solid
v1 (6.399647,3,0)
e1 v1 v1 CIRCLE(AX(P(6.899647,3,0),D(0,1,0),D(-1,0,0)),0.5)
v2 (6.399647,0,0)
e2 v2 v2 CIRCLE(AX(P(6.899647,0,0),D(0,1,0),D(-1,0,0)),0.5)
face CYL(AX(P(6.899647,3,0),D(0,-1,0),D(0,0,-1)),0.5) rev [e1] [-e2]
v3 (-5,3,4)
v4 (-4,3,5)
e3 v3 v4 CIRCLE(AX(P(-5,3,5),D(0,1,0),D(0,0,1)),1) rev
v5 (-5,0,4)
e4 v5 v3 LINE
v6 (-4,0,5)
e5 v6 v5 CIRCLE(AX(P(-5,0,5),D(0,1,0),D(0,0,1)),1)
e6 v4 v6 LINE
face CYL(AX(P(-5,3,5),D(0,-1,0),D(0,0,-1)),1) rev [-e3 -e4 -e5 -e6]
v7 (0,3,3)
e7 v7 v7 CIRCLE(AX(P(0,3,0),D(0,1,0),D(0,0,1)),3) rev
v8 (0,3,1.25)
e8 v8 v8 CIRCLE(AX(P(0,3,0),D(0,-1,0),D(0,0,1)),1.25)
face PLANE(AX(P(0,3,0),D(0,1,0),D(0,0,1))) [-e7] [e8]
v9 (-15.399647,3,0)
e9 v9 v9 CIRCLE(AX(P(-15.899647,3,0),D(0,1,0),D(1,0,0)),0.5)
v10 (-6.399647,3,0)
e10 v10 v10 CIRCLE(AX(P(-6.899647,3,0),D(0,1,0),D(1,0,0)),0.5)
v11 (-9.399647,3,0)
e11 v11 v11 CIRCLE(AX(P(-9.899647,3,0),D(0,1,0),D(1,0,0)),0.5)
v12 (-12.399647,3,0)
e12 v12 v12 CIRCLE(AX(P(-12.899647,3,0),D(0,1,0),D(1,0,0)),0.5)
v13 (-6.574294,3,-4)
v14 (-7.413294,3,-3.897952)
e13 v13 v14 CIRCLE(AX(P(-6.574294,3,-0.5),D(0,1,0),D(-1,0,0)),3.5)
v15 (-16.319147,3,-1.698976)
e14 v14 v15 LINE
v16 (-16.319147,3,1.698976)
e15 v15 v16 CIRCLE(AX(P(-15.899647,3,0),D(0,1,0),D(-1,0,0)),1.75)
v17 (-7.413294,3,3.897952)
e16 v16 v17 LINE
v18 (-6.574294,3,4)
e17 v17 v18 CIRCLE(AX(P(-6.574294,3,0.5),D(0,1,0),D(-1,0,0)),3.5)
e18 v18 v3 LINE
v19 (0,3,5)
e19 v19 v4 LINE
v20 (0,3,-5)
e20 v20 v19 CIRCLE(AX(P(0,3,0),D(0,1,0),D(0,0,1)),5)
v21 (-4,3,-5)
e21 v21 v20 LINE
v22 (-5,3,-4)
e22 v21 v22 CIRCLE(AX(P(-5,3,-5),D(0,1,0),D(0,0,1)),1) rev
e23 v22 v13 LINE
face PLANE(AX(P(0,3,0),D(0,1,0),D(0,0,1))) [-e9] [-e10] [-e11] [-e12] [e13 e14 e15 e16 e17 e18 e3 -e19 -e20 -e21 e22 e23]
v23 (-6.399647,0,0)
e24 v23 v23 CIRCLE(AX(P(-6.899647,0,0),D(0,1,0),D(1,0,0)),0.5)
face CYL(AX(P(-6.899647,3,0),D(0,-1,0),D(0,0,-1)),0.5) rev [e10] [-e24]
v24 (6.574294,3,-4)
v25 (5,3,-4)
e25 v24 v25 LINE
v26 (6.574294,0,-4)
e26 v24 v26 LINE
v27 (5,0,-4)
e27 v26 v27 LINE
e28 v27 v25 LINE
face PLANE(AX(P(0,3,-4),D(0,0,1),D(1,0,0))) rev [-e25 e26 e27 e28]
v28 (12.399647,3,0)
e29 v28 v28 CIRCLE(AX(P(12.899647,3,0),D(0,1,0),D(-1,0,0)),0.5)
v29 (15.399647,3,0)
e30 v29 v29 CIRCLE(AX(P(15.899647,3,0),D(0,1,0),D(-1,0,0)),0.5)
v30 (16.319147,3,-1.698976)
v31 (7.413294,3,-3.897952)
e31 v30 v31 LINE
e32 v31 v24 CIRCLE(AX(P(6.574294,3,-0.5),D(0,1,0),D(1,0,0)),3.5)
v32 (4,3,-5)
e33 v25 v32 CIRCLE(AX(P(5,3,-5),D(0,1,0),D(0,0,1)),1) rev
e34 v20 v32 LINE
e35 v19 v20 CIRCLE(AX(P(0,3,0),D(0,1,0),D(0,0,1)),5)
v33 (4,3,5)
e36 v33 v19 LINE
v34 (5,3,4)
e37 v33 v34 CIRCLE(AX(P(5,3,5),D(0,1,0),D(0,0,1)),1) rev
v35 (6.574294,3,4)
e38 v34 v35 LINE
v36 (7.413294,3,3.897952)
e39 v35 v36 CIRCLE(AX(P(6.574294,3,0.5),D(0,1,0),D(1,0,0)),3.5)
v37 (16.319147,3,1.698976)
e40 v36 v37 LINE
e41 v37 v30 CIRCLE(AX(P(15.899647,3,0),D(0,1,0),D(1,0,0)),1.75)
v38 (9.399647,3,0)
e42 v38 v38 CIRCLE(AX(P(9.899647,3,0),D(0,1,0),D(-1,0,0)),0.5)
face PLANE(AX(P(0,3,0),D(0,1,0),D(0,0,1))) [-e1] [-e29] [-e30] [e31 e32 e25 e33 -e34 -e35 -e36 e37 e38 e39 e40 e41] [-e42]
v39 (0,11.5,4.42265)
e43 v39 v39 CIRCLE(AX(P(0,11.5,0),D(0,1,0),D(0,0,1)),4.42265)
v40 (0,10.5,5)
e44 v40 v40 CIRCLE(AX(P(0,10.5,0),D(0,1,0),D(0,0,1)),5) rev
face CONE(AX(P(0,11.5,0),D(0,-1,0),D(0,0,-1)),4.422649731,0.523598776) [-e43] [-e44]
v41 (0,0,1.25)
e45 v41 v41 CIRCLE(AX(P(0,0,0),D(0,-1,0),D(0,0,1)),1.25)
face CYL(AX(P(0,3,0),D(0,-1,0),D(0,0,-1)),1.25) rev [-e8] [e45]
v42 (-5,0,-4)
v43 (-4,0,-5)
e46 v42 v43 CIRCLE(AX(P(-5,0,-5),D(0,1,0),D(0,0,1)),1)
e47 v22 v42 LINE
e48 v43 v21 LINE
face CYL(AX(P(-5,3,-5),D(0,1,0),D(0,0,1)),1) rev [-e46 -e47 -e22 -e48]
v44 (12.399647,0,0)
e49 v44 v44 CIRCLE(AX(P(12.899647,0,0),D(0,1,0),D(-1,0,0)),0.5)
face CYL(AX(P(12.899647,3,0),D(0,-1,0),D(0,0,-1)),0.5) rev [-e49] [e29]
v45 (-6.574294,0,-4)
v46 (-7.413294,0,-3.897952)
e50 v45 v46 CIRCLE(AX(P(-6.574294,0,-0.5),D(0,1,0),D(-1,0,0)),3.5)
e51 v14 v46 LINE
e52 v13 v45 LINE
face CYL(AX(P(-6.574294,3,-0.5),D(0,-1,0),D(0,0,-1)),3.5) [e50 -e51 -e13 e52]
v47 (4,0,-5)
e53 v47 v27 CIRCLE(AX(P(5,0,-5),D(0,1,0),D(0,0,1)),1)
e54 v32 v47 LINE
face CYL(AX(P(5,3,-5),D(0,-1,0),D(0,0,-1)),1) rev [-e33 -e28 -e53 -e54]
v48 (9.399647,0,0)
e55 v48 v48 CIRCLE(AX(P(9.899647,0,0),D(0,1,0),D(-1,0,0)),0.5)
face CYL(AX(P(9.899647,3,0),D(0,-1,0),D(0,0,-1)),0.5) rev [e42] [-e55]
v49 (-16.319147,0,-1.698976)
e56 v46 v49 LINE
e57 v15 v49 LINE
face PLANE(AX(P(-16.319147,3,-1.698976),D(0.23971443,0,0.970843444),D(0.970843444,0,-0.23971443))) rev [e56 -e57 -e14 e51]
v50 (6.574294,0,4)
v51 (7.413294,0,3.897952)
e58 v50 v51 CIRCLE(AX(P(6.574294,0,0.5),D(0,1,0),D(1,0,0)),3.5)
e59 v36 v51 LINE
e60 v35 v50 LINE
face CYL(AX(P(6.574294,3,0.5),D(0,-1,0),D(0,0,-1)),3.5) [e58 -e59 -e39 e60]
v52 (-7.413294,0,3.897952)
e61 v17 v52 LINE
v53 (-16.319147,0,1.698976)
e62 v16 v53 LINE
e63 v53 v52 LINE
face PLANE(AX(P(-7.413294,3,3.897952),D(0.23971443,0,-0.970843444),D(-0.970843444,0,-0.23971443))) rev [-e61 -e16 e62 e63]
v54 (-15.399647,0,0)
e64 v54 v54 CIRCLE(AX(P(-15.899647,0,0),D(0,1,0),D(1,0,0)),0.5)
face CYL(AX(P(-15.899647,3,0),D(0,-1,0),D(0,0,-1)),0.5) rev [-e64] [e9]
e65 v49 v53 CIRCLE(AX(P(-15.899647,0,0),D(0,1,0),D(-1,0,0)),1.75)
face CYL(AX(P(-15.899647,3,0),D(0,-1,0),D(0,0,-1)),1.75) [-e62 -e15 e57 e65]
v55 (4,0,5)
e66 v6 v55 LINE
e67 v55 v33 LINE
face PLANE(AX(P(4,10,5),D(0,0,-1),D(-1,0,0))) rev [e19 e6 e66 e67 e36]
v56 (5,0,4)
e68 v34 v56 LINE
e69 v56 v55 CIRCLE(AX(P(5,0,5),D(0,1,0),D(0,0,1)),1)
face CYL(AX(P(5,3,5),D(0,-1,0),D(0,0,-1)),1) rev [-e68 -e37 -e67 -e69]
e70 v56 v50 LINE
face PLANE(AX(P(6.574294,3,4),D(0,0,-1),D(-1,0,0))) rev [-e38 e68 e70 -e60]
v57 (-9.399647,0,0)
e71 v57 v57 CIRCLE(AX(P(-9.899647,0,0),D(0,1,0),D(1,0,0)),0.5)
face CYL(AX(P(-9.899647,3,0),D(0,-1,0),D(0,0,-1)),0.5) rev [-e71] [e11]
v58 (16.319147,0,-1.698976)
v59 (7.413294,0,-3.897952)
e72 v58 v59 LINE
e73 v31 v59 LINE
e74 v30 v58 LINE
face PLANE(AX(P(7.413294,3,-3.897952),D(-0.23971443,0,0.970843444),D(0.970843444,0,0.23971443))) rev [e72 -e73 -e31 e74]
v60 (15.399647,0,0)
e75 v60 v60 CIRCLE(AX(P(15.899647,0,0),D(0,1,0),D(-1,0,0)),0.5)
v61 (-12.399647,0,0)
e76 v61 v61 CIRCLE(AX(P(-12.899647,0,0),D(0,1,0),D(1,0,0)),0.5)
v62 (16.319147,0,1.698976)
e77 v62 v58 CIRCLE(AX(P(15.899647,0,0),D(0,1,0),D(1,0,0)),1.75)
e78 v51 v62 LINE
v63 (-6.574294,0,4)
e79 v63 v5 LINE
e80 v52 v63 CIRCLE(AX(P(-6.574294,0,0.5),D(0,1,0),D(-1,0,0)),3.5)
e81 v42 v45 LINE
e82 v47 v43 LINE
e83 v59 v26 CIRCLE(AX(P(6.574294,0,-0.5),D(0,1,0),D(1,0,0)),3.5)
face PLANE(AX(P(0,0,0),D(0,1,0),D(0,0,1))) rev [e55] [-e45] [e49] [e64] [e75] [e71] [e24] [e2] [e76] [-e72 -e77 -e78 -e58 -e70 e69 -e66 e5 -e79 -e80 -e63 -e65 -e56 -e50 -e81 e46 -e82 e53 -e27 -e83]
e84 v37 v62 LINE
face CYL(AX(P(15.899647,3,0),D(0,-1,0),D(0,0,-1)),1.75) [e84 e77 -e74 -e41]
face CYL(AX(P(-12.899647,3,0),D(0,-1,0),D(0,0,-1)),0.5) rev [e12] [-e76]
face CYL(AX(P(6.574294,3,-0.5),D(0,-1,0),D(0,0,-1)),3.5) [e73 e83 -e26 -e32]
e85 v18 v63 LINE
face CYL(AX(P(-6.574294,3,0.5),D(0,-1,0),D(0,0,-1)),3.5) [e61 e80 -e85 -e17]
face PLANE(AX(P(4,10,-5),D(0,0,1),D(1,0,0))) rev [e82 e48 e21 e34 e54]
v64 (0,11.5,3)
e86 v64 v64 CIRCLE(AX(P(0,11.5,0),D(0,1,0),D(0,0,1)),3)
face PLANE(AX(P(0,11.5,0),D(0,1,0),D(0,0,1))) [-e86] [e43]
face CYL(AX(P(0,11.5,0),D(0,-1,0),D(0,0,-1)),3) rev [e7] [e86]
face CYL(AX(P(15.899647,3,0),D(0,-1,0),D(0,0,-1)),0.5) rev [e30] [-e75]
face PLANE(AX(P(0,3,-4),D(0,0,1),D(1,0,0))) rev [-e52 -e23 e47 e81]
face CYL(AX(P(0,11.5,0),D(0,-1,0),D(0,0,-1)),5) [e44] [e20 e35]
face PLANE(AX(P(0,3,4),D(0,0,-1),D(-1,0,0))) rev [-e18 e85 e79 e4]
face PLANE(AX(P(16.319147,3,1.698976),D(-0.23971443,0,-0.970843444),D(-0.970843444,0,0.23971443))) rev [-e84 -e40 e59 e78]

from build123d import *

# Parameters (mm, degrees)
CROQUIS1_R              = 0.5
SALIENTE_EXTRUIR1_DEPTH = 3
MATRIZC1_COUNT          = 4
CROQUIS2_R              = 5
CROQUIS2_R_2            = 3
SALIENTE_EXTRUIR2_DEPTH = 8.5
CHAFL_N1_SIZE           = 1
CHAFL_N1_SIZE2          = 0.577350269
REDONDEO1_R             = 1
CUT_EXTRUDE1_DEPTH      = 10


with BuildPart() as part:
    # Croquis1 → Saliente-Extruir1 (new body)
    with BuildSketch(Plane(origin=(0, 0, 0), x_dir=(1, 0, 0), z_dir=(0, 1, 0))):
        with BuildLine():
            Line((-4, 0), (-4, 6.574293681))
            ThreePointArc((-4, 6.574293681), (-3.974394349, 6.996885575), (-3.897952052, 7.413294188))
            Line((-3.897952052, 7.413294188), (-1.698976026, 16.319147094))
            ThreePointArc((-1.698976026, 16.319147094), (0, 17.649646841), (1.698976026, 16.319147094))
            Line((1.698976026, 16.319147094), (3.897952052, 7.413294188))
            ThreePointArc((3.897952052, 7.413294188), (3.974394349, 6.996885575), (4, 6.574293681))
            Line((4, 6.574293681), (4, 0))
            Line((4, 0), (1.25, 0))
            ThreePointArc((1.25, 0), (0, 1.25), (-1.25, 0))
            Line((-1.25, 0), (-4, 0))
        make_face()
        with Locations(Location((0, 15.899646841, 0), (0, 0, 270))):
            Circle(CROQUIS1_R, mode=Mode.SUBTRACT)
        with Locations(Location((0, 12.899646841, 0), (0, 0, 270))):
            Circle(CROQUIS1_R, mode=Mode.SUBTRACT)
        with Locations(Location((0, 9.899646841, 0), (0, 0, 270))):
            Circle(CROQUIS1_R, mode=Mode.SUBTRACT)
        with Locations(Location((0, 6.899646841, 0), (0, 0, 270))):
            Circle(CROQUIS1_R, mode=Mode.SUBTRACT)
    saliente_extruir1 = extrude(amount=SALIENTE_EXTRUIR1_DEPTH)

    # MatrizC1: Saliente-Extruir1 ×4 about axis
    matrizc1_axis = Axis((0, 0, 0), (0, 1, 0))
    for i in range(1, MATRIZC1_COUNT):
        add(saliente_extruir1.rotate(matrizc1_axis, i * 360 / MATRIZC1_COUNT))

    # Croquis2 → Saliente-Extruir2 (add)
    with BuildSketch(Plane(origin=(0, 3, 0), x_dir=(1, 0, 0), z_dir=(0, 1, 0))):
        with Locations(Location((0, 0, 0), (0, 0, 270))):
            Circle(CROQUIS2_R)
        with Locations(Location((0, 0, 0), (0, 0, 270))):
            Circle(CROQUIS2_R_2, mode=Mode.SUBTRACT)
    extrude(amount=SALIENTE_EXTRUIR2_DEPTH)

    # Chaflán1
    chafl_n1_edges = [part.edges().sort_by_distance(p)[0] for p in [
        (0, 11.5, -5),
    ]]
    chafl_n1_side = [part.faces().sort_by_distance(p)[0] for p in [
        (0, 7.25, -5),
    ]]
    chamfer(chafl_n1_edges, length=CHAFL_N1_SIZE, length2=CHAFL_N1_SIZE2, reference=chafl_n1_side[0])

    # Redondeo1
    redondeo1_edges = [part.edges().sort_by_distance(p)[0] for p in [
        (-4, 1.5, -4),
        (4, 1.5, -4),
        (4, 1.5, 4),
        (-4, 1.5, 4),
    ]]
    fillet(redondeo1_edges, radius=REDONDEO1_R)

    # Sketch1 → Cut-Extrude1 (cut)
    with BuildSketch(Plane.XZ):
        Polygon((4, 5), (-4, 5), (-4, 20.808082072), (5.438258964, 20.808082072), (5.438258964, 5), align=None)
        Polygon((5.438258964, -5), (4, -5), (-4, -5), (-4, -20.808082072), (5.438258964, -20.808082072), align=None)
    extrude(amount=-CUT_EXTRUDE1_DEPTH, mode=Mode.SUBTRACT)


solid = part.part
